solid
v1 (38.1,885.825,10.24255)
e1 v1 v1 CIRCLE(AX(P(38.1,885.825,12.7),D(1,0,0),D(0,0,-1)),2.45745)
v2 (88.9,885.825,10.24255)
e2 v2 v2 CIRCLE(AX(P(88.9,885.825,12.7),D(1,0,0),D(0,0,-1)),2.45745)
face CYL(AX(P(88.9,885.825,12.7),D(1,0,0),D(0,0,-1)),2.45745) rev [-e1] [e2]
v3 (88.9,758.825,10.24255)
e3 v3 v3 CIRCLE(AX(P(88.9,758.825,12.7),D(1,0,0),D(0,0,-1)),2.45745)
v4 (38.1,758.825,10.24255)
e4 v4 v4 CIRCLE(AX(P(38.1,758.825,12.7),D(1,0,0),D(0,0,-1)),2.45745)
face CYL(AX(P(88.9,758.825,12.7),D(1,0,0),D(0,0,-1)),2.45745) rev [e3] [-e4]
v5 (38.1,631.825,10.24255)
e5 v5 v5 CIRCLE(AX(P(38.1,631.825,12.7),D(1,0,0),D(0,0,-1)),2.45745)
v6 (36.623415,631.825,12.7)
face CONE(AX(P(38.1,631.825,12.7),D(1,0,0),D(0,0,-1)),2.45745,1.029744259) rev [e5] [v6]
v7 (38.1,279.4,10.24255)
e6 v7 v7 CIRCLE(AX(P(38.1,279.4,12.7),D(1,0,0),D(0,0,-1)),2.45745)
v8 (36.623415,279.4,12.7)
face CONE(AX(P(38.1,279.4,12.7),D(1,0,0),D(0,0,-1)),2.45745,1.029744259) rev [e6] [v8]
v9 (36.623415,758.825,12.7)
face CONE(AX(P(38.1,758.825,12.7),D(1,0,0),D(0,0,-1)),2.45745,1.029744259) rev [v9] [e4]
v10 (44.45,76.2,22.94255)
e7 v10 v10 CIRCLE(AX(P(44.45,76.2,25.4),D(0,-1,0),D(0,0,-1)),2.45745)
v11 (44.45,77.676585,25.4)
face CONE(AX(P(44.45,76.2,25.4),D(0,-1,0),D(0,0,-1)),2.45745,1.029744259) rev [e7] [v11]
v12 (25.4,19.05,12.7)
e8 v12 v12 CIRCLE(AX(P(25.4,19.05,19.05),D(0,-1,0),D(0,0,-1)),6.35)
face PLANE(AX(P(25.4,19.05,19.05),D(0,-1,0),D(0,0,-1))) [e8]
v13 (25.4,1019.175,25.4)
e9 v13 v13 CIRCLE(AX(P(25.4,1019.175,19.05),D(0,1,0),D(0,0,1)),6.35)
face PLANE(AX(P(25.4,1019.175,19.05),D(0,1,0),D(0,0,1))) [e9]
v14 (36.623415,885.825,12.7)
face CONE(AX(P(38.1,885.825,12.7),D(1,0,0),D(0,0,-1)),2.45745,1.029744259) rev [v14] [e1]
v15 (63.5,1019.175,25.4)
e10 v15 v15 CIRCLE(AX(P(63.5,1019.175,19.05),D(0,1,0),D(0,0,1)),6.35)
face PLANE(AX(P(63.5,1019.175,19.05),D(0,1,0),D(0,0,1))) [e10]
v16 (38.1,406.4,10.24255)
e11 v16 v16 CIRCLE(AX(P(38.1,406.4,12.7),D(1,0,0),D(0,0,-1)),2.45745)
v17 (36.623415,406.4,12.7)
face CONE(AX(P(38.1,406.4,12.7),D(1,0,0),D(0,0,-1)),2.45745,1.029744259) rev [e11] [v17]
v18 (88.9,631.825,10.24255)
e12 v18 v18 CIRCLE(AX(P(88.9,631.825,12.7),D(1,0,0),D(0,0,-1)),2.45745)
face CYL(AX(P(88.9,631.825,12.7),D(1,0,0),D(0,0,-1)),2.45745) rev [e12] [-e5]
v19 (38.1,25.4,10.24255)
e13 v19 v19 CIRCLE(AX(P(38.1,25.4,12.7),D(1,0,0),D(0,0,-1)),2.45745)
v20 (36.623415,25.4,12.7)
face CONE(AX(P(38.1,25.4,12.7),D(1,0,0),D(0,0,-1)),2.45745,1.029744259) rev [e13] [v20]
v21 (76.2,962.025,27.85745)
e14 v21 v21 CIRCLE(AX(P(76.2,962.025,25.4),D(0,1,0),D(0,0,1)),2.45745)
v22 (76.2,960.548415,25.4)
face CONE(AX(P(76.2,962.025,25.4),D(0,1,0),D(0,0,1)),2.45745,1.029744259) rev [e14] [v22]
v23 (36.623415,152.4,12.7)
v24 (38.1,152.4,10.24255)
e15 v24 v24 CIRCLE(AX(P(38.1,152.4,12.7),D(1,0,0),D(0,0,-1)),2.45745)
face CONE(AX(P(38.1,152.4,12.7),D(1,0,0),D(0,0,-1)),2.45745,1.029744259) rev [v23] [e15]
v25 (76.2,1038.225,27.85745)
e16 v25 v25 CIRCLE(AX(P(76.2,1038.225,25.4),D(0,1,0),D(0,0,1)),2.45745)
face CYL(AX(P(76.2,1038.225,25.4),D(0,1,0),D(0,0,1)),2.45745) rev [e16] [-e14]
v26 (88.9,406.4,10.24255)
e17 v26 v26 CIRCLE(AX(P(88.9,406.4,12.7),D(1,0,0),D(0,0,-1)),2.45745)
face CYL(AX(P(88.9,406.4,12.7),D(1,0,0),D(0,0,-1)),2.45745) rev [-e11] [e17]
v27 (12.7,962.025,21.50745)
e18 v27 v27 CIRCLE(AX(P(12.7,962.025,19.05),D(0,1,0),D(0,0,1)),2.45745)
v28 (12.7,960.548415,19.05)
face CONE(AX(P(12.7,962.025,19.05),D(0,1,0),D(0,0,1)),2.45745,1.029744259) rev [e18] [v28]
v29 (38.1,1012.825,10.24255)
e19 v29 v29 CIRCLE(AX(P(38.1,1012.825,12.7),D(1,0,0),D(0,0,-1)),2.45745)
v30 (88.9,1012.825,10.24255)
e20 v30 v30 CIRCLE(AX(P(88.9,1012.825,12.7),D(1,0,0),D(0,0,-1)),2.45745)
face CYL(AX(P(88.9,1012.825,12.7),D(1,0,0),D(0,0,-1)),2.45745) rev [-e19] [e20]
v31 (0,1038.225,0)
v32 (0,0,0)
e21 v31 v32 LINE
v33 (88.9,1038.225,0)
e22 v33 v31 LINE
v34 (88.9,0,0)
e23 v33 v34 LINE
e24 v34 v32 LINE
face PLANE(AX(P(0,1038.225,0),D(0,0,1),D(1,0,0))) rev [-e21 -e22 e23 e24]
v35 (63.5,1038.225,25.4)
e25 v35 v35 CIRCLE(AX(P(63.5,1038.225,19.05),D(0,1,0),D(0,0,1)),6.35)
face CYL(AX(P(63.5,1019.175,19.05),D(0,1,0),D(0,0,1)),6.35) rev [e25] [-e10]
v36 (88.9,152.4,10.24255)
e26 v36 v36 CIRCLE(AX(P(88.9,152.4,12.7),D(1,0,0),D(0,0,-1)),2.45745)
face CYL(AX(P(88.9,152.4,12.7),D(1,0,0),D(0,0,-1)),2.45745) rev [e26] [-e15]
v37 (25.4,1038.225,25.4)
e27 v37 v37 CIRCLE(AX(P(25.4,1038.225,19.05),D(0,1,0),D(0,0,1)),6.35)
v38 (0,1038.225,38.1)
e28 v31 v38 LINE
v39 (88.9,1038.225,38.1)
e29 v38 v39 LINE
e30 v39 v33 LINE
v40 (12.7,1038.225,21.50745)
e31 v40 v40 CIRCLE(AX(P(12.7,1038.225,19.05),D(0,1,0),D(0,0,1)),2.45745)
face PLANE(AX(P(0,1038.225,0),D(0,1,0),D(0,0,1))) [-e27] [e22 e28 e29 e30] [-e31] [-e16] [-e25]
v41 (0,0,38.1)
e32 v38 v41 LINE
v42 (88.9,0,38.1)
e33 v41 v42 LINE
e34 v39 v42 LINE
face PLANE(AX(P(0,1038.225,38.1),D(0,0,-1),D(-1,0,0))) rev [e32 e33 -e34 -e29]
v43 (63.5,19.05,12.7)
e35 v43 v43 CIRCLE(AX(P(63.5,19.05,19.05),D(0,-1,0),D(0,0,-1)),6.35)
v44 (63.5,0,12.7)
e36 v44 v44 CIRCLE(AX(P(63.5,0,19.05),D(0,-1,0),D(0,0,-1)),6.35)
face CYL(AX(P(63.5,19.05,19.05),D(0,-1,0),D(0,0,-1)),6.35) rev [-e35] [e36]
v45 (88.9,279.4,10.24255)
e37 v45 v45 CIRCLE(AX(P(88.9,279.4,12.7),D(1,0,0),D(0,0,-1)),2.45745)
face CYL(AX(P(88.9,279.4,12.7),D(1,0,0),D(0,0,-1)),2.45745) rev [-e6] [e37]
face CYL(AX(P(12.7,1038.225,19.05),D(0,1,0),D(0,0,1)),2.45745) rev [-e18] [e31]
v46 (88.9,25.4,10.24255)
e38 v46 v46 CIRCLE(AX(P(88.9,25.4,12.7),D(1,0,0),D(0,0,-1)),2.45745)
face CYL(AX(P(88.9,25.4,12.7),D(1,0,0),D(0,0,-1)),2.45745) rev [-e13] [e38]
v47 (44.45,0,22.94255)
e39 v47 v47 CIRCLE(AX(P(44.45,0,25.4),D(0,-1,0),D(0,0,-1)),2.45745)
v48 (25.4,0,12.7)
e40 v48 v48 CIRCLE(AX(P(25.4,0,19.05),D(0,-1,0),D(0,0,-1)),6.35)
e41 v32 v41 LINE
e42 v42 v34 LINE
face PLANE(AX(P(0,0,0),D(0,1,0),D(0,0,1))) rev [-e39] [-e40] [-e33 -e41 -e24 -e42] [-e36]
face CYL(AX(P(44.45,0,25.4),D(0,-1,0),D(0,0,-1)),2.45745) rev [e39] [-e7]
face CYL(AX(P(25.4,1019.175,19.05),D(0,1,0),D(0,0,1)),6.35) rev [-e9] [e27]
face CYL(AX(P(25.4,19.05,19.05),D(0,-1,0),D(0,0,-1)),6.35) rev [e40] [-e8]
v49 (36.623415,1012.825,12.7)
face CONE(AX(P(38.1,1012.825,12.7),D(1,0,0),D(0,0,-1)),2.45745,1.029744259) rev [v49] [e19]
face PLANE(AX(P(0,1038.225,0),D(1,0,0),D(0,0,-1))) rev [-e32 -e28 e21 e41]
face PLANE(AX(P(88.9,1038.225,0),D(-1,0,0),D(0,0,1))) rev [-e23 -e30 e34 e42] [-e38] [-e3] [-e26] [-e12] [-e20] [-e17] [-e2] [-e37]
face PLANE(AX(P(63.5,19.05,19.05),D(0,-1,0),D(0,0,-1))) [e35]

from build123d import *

# Parameters (mm, degrees)
SKETCH1_W                                  = 88.9
SKETCH1_H                                  = 38.1
BOSS_EXTRUDE1_DEPTH                        = 1038.225
SKETCH2_R                                  = 6.35
CUT_EXTRUDE1_DEPTH                         = 19.05
SKETCH3_R                                  = 6.35
CUT_EXTRUDE2_DEPTH                         = 19.05
F_10_0_1935_DIAMETER_HOLE1_D               = 4.9149
F_10_0_1935_DIAMETER_HOLE1_DEPTH           = 76.2
F_10_0_1935_DIAMETER_HOLE1_TIP             = 1.476584928
F_10_0_1935_DIAMETER_HOLE1_ON_FACE_2_D     = 4.9149
F_10_0_1935_DIAMETER_HOLE1_ON_FACE_2_DEPTH = 76.2
F_10_0_1935_DIAMETER_HOLE1_ON_FACE_2_TIP   = 1.476584928
F_10_0_1935_DIAMETER_HOLE2_D               = 4.9149
F_10_0_1935_DIAMETER_HOLE2_DEPTH           = 50.8
F_10_0_1935_DIAMETER_HOLE2_TIP             = 1.476584928


with BuildPart() as part:
    # Sketch1 → Boss-Extrude1 (new body)
    with BuildSketch(Plane(origin=(0, 0, 0), x_dir=(1, 0, 0), z_dir=(0, 1, 0))):
        with Locations((44.45, -19.05)):
            Rectangle(SKETCH1_W, SKETCH1_H)
    extrude(amount=BOSS_EXTRUDE1_DEPTH)

    # Sketch2 → Cut-Extrude1 (cut)
    with BuildSketch(Plane(origin=(0, 1038.225, 0), x_dir=(1, 0, 0), z_dir=(0, 1, 0))):
        with Locations((25.4, -19.05)):
            Circle(SKETCH2_R)
        with Locations((63.5, -19.05)):
            Circle(SKETCH2_R)
    extrude(amount=-CUT_EXTRUDE1_DEPTH, mode=Mode.SUBTRACT)

    # Sketch3 → Cut-Extrude2 (cut)
    with BuildSketch(Plane.XZ):
        with Locations((25.4, 19.05)):
            Circle(SKETCH3_R)
        with Locations((63.5, 19.05)):
            Circle(SKETCH3_R)
    extrude(amount=-CUT_EXTRUDE2_DEPTH, mode=Mode.SUBTRACT)

    # #10 (0.1935) Diameter Hole1
    with Locations(Plane(origin=(44.45, 0, 25.4), x_dir=(0, 0, -1), z_dir=(0, -1, 0))):
        with Locations((0, 0)):
            Hole(F_10_0_1935_DIAMETER_HOLE1_D / 2, depth=F_10_0_1935_DIAMETER_HOLE1_DEPTH)
            with Locations((0, 0, -(F_10_0_1935_DIAMETER_HOLE1_DEPTH + F_10_0_1935_DIAMETER_HOLE1_TIP / 2))):  # 118° drill point
                Cone(0, F_10_0_1935_DIAMETER_HOLE1_D / 2, F_10_0_1935_DIAMETER_HOLE1_TIP, mode=Mode.SUBTRACT)

    # #10 (0.1935) Diameter Hole1 on face 2
    with Locations(Plane(origin=(12.7, 1038.225, 19.05), x_dir=(0, 0, 1), z_dir=(0, 1, 0))):
        with Locations((0, 0), (6.35, 63.5)):
            Hole(F_10_0_1935_DIAMETER_HOLE1_ON_FACE_2_D / 2, depth=F_10_0_1935_DIAMETER_HOLE1_ON_FACE_2_DEPTH)
            with Locations((0, 0, -(F_10_0_1935_DIAMETER_HOLE1_ON_FACE_2_DEPTH + F_10_0_1935_DIAMETER_HOLE1_ON_FACE_2_TIP / 2))):  # 118° drill point
                Cone(0, F_10_0_1935_DIAMETER_HOLE1_ON_FACE_2_D / 2, F_10_0_1935_DIAMETER_HOLE1_ON_FACE_2_TIP, mode=Mode.SUBTRACT)

    # #10 (0.1935) Diameter Hole2
    with Locations(Plane(origin=(88.9, 25.4, 12.7), x_dir=(0, 0, 1), z_dir=(1, 0, 0))):
        with Locations((0, 0), (0, -127), (0, -254), (0, -381), (0, -606.425), (0, -733.425), (0, -860.425), (0, -987.425)):
            Hole(F_10_0_1935_DIAMETER_HOLE2_D / 2, depth=F_10_0_1935_DIAMETER_HOLE2_DEPTH)
            with Locations((0, 0, -(F_10_0_1935_DIAMETER_HOLE2_DEPTH + F_10_0_1935_DIAMETER_HOLE2_TIP / 2))):  # 118° drill point
                Cone(0, F_10_0_1935_DIAMETER_HOLE2_D / 2, F_10_0_1935_DIAMETER_HOLE2_TIP, mode=Mode.SUBTRACT)


solid = part.part
